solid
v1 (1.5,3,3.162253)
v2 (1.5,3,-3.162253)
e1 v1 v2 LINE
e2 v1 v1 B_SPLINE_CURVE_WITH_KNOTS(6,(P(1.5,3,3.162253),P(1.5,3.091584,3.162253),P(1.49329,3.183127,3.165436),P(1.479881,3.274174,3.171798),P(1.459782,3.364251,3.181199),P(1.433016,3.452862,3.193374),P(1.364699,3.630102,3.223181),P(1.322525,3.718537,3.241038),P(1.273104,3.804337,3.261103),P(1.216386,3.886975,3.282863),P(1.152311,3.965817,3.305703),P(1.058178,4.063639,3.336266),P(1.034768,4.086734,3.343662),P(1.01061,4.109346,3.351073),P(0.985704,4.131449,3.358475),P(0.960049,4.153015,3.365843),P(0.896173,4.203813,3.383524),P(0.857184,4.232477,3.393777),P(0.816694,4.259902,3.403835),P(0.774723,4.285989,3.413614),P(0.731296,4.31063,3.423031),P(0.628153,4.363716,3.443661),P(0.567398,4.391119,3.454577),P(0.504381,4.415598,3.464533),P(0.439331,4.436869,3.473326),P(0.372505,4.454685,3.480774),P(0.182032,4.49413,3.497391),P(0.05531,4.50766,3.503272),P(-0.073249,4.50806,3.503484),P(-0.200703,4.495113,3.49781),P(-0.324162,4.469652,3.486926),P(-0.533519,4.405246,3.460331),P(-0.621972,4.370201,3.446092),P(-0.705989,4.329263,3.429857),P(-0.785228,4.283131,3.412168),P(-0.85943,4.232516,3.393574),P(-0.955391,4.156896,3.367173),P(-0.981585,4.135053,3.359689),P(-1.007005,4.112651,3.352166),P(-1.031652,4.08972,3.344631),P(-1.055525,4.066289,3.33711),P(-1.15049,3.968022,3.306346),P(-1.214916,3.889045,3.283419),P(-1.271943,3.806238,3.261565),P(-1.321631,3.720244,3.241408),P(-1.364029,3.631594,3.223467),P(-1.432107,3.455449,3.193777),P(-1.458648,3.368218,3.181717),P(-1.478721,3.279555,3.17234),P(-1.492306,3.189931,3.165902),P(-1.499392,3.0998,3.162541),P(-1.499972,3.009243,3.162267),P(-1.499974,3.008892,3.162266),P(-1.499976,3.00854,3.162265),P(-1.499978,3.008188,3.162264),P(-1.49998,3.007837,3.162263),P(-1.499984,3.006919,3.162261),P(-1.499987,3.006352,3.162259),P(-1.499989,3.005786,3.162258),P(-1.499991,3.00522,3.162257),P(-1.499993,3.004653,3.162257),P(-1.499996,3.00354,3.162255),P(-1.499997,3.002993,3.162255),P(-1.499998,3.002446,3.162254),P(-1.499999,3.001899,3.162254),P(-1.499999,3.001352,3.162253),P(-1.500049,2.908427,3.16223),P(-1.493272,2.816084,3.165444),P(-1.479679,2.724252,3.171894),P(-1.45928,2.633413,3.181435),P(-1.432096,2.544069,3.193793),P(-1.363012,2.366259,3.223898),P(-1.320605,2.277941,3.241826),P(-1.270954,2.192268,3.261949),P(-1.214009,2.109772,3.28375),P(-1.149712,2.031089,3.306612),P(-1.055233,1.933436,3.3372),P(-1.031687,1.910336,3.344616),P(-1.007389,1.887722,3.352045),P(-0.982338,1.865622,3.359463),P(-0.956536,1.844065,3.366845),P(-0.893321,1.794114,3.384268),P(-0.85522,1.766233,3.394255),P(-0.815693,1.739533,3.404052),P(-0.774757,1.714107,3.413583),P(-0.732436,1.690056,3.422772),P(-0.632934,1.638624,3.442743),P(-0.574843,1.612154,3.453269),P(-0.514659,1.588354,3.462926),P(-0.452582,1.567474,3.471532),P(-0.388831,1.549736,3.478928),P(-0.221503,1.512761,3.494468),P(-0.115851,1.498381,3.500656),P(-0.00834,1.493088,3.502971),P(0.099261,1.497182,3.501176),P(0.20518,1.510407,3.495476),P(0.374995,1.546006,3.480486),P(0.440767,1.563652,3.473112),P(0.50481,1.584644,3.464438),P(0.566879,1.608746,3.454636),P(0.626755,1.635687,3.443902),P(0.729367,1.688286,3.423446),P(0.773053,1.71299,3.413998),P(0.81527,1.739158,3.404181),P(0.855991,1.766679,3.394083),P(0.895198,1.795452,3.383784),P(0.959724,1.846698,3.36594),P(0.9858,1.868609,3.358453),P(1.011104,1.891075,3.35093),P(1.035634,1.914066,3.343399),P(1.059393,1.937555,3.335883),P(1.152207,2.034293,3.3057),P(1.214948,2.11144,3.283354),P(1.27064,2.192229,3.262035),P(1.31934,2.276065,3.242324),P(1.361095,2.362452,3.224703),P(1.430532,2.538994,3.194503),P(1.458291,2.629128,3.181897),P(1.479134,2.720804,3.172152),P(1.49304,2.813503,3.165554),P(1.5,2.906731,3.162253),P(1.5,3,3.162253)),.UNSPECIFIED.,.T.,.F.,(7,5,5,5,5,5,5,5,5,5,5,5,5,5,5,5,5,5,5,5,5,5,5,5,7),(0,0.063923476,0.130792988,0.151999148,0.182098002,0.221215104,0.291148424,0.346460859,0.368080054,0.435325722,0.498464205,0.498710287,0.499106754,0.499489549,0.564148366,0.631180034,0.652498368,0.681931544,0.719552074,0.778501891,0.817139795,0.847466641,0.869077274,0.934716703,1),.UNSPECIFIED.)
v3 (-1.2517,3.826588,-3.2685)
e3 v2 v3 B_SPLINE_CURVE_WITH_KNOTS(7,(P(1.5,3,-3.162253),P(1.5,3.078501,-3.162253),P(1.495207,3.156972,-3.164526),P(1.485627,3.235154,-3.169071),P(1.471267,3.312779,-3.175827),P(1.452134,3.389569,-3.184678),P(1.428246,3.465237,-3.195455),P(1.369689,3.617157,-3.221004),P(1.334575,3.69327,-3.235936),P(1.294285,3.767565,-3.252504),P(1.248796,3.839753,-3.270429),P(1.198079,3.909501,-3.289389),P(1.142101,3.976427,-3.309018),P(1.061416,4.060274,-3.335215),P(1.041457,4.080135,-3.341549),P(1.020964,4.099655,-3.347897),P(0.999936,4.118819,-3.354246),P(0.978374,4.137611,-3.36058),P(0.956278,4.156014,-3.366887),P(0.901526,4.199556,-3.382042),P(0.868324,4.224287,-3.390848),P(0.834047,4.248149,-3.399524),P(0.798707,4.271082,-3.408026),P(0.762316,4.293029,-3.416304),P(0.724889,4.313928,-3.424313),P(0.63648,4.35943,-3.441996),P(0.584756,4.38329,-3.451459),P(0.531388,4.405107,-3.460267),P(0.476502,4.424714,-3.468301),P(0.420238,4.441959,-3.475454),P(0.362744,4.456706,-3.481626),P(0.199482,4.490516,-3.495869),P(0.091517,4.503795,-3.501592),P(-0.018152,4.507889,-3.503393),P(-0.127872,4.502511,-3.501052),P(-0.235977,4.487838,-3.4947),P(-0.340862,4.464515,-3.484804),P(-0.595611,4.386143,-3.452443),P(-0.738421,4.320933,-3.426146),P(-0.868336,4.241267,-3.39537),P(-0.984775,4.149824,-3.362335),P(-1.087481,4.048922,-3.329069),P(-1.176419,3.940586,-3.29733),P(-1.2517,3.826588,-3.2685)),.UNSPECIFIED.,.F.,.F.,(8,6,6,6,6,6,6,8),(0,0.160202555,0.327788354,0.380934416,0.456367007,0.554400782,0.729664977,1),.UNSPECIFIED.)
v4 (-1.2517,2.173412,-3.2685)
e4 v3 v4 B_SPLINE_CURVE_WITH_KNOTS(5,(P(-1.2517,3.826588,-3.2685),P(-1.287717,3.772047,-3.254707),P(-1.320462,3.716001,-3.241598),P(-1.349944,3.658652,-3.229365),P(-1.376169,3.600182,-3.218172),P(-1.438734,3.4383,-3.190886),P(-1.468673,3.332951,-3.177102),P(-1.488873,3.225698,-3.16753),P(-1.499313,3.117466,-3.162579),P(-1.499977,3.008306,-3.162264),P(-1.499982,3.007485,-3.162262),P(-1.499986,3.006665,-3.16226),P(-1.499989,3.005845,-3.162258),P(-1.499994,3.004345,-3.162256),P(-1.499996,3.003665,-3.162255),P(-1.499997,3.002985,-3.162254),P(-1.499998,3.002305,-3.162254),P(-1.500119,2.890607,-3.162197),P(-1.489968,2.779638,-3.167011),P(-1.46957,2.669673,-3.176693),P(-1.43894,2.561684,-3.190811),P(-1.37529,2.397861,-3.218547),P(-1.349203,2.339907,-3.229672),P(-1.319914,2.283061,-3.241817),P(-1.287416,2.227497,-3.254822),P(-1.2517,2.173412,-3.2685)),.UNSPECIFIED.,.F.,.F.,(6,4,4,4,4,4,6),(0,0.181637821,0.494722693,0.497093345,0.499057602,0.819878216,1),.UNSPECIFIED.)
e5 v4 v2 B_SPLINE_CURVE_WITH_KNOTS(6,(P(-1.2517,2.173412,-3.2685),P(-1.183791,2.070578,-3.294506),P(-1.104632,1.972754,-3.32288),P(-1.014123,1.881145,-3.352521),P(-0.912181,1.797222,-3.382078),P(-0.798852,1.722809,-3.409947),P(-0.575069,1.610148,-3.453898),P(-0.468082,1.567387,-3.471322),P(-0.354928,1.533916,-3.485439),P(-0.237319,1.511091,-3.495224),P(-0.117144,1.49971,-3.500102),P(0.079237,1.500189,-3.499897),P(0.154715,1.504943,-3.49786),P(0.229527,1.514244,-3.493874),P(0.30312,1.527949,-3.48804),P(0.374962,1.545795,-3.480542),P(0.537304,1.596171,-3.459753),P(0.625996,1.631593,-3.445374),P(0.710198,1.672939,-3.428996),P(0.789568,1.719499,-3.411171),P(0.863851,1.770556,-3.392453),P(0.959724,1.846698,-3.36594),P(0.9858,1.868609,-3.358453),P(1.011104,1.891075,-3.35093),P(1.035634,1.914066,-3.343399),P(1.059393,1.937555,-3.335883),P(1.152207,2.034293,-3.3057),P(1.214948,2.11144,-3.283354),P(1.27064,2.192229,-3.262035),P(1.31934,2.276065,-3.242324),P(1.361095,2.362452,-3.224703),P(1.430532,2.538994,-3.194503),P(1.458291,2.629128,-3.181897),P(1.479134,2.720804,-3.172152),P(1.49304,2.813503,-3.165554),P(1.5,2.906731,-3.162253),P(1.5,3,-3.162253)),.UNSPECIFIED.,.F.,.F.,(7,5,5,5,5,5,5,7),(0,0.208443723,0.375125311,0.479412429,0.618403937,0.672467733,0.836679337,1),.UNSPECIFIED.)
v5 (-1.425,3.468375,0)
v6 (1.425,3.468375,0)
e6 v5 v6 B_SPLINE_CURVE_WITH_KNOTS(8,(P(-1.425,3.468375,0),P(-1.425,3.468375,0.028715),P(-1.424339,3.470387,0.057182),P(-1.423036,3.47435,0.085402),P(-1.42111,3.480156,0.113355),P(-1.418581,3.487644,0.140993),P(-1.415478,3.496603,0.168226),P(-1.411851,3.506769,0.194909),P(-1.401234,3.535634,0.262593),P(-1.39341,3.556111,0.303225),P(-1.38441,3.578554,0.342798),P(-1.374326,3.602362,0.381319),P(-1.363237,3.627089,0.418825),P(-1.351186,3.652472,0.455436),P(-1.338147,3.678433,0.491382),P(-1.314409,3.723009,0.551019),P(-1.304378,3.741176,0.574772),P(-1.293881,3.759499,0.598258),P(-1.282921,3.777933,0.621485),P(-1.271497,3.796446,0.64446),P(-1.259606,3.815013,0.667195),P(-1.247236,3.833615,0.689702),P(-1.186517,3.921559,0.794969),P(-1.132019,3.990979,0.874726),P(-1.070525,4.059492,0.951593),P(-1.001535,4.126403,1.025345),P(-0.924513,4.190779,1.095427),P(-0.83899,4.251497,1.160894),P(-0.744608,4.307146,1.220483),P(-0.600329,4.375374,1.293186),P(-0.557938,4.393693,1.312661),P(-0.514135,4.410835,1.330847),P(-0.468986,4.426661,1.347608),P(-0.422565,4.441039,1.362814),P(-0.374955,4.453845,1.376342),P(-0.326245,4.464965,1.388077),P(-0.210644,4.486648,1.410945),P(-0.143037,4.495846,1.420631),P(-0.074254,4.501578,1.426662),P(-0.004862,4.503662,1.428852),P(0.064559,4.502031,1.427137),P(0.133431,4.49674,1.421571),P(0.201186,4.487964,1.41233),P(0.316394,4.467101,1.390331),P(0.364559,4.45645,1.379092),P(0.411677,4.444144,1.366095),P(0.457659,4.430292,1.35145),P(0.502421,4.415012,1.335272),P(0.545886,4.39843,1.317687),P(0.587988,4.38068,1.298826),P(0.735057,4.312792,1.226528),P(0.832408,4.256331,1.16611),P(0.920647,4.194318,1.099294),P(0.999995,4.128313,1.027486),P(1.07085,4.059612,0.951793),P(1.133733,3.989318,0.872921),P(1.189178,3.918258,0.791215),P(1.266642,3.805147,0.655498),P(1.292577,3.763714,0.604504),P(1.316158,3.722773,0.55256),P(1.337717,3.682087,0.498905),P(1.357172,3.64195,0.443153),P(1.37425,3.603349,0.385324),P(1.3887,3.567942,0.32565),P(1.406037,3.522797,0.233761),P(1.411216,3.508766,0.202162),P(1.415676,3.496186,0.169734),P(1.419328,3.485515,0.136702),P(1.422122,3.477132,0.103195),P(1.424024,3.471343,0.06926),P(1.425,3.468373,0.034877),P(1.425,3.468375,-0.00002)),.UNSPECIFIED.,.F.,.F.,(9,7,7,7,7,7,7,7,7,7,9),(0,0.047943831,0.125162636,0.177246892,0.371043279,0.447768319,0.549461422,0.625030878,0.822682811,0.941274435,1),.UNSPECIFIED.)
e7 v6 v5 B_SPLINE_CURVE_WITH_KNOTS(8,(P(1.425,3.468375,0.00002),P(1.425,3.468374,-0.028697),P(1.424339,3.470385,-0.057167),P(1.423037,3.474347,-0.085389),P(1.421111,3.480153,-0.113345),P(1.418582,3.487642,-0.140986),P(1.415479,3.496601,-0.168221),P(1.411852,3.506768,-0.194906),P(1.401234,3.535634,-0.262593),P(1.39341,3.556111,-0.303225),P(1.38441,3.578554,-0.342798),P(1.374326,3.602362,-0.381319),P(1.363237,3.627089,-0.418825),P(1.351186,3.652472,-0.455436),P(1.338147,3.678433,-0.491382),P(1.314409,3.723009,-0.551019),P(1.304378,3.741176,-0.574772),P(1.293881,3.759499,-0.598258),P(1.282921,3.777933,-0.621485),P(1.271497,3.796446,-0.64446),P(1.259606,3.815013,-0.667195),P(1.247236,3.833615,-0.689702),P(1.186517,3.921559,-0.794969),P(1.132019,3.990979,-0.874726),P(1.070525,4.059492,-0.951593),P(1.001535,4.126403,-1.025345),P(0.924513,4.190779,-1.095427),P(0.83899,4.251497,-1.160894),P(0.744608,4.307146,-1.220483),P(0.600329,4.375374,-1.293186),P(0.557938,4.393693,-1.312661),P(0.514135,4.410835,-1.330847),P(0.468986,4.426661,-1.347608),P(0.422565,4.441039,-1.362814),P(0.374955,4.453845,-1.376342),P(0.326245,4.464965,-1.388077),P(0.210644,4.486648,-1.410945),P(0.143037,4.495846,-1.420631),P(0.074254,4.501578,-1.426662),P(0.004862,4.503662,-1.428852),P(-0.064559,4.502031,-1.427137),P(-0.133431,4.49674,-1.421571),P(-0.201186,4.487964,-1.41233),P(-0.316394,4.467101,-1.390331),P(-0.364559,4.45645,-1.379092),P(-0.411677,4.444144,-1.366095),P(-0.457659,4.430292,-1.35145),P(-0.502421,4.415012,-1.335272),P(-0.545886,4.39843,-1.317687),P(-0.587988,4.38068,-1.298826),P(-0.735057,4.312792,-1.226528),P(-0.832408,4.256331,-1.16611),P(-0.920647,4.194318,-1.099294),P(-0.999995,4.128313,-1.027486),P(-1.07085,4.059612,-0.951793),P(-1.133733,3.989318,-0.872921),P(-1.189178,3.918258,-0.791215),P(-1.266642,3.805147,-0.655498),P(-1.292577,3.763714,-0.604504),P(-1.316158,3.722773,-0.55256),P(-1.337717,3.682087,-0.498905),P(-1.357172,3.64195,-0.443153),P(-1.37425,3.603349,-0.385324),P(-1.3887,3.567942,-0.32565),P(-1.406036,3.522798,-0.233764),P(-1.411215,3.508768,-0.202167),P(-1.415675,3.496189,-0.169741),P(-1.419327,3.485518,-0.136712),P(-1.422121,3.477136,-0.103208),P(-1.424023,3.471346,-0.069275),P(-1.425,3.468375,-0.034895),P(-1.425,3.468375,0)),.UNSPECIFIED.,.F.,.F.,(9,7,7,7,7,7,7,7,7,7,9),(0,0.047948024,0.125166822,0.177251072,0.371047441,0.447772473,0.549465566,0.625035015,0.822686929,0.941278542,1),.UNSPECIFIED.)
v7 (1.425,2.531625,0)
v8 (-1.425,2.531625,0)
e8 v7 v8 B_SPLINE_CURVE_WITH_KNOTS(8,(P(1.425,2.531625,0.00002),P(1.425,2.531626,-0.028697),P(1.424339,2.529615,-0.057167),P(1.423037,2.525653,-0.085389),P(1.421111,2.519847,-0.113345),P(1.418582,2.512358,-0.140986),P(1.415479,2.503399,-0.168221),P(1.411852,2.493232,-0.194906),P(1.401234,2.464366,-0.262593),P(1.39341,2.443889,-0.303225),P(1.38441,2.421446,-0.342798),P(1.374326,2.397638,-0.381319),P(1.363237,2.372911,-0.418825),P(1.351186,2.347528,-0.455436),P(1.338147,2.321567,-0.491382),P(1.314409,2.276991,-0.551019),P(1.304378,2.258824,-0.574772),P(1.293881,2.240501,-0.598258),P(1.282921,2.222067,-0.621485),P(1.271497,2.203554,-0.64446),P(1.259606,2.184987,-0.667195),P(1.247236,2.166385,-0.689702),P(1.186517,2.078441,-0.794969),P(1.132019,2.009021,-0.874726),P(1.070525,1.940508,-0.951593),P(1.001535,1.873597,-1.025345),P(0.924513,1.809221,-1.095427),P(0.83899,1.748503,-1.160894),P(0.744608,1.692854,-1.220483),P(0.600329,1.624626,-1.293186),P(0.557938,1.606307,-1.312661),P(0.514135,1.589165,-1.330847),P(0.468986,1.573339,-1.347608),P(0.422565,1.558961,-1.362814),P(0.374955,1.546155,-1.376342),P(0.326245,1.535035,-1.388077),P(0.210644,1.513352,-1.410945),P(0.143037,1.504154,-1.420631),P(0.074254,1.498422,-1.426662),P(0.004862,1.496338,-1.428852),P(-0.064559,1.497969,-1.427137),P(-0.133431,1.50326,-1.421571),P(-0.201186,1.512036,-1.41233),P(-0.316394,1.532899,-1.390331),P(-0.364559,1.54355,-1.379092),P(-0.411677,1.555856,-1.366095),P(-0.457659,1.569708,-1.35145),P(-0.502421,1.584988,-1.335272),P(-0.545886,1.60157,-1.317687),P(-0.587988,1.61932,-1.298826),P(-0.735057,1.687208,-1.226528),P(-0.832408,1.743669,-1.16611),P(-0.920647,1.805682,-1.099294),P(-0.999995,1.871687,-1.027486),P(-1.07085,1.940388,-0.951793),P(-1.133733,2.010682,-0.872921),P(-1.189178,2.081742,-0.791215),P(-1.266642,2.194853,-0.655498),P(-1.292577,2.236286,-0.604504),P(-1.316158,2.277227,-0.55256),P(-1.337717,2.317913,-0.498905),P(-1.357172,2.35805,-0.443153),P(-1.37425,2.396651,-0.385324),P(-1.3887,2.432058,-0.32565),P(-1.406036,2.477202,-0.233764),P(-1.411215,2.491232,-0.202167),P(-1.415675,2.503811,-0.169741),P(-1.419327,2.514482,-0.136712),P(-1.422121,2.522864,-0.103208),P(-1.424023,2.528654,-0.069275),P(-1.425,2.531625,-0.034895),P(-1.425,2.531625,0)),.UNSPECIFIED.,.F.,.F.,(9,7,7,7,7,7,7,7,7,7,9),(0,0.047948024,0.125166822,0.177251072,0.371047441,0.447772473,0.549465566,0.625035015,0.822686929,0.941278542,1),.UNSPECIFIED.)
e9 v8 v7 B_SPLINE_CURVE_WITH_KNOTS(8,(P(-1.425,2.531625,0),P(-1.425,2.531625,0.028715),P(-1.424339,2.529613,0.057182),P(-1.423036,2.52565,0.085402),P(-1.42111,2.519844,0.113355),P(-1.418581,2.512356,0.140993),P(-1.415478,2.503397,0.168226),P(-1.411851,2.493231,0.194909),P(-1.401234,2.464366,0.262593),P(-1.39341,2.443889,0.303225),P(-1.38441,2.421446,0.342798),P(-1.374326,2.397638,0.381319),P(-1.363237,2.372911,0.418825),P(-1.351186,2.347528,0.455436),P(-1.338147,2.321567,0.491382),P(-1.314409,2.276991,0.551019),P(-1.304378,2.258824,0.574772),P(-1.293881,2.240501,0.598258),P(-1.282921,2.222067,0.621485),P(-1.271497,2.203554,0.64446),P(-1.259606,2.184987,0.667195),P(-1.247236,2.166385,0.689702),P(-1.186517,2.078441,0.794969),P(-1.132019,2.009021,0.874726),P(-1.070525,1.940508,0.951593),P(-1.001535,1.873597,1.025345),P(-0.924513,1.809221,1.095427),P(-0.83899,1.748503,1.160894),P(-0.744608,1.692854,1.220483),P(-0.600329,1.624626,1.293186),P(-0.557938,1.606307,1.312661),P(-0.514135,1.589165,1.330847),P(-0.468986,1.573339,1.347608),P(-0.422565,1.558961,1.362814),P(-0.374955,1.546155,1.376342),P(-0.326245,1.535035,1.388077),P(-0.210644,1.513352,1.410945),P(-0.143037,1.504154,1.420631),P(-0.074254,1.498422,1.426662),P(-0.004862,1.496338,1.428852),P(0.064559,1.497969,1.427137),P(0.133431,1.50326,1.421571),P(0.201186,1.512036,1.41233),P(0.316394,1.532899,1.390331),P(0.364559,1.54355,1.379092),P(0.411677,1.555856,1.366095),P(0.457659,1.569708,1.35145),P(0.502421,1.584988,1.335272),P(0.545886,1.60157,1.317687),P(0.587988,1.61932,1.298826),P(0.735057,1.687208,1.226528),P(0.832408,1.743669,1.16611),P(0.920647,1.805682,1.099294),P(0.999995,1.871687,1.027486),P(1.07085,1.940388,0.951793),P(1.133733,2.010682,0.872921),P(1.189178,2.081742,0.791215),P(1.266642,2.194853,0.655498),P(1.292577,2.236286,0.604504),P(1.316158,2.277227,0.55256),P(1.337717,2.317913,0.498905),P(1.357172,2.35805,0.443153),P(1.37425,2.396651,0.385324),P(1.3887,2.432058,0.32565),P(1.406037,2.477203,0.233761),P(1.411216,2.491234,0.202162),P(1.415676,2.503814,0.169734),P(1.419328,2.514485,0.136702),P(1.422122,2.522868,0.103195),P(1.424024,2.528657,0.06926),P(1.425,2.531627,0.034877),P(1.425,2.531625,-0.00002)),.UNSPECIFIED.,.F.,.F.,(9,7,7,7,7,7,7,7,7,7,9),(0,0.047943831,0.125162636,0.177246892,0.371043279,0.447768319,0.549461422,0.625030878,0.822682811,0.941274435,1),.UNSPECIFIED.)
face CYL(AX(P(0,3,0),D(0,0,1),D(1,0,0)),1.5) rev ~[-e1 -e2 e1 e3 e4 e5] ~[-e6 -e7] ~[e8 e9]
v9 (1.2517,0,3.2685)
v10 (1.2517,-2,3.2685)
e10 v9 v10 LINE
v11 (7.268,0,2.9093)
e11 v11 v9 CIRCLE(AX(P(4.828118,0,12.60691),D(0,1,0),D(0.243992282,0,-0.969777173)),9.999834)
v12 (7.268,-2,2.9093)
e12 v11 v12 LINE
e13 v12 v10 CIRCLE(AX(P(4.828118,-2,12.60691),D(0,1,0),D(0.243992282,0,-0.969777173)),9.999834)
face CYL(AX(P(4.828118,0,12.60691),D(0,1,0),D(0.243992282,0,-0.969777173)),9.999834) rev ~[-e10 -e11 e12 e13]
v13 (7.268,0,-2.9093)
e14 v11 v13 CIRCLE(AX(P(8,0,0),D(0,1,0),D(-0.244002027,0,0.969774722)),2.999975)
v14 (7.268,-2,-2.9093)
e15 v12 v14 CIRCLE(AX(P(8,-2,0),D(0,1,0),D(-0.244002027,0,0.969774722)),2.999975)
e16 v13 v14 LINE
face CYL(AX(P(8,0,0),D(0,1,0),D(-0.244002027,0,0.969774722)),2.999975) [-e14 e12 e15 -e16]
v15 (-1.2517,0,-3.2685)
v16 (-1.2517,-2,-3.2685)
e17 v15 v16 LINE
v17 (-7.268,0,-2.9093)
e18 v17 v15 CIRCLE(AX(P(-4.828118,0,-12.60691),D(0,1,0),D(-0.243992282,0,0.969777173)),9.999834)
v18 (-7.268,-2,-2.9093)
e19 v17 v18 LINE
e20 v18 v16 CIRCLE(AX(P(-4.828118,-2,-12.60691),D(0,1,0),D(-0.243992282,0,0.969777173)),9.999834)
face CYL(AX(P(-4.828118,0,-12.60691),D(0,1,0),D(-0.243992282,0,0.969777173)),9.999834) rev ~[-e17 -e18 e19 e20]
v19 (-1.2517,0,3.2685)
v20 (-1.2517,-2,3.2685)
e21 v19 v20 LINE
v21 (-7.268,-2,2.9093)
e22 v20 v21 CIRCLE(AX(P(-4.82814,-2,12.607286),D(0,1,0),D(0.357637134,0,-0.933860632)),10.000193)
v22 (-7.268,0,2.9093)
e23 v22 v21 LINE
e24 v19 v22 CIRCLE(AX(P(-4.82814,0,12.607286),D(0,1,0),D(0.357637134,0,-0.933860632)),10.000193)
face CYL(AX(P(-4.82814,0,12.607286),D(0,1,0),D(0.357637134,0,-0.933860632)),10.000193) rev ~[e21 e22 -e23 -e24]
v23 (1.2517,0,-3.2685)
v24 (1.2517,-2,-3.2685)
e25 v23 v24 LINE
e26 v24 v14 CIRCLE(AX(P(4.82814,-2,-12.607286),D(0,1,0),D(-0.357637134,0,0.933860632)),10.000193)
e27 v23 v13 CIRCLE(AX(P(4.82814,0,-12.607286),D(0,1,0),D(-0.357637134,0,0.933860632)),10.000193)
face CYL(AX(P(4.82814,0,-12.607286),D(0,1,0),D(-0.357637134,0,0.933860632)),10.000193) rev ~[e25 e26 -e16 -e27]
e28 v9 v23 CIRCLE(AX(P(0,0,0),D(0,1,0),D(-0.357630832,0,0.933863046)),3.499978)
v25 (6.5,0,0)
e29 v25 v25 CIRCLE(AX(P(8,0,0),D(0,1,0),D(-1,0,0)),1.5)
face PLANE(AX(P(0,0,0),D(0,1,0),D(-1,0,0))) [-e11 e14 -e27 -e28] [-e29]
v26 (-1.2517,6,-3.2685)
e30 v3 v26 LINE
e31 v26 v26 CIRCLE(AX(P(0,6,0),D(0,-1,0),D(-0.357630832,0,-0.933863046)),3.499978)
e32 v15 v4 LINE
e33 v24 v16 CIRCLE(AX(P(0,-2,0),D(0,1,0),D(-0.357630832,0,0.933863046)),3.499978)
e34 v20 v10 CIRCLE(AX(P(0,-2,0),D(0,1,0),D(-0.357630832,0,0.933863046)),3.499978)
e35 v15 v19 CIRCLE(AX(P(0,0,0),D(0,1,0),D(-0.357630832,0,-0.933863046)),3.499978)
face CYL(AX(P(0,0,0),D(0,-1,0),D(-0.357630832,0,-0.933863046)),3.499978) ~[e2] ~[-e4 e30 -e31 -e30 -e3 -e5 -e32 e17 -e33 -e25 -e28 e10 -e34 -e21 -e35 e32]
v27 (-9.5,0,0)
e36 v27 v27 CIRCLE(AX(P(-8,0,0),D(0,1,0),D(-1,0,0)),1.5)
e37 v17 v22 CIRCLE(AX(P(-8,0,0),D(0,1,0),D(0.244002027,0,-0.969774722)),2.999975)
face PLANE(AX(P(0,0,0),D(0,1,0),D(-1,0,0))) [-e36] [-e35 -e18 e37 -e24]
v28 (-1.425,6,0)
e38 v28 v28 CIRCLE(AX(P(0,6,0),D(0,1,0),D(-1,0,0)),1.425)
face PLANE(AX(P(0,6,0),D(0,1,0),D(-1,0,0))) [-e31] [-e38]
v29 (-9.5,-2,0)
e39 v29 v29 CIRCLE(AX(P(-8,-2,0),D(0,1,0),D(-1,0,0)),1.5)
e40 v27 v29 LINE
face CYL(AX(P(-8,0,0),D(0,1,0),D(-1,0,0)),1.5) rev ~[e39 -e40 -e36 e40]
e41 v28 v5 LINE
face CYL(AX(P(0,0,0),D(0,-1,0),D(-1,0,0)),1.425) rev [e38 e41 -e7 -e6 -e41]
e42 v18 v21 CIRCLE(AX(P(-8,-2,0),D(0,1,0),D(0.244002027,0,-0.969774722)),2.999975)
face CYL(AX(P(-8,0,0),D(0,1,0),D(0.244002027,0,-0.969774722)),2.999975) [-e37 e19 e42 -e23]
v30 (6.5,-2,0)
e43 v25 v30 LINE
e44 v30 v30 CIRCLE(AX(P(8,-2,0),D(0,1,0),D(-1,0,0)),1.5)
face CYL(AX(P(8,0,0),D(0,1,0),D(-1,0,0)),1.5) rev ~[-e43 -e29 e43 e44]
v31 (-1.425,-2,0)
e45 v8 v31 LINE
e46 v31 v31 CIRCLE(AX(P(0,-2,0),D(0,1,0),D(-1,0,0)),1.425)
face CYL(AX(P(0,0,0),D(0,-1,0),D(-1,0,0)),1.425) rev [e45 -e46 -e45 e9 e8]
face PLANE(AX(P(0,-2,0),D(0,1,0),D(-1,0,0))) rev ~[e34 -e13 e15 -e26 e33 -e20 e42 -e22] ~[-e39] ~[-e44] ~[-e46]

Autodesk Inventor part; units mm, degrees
ref_plane "YZ Plane" through (0, 0, 0) normal (1, 0, 0) x (0, 1, 0)
ref_plane "XZ Plane" through (0, 0, 0) normal (0, 1, 0) x (-1, 0, 0)
sketch "Sketch1" plane through (0, 0, 0) normal (0, 1, 0) x (-1, 0, 0)
  circle A0 centre (0, 0) radius 1.425
  arc A1 (1.2517, 3.2685) -> (1.2517, -3.2685) centre (0, 0) ccw
  circle A2 centre (8, 0) radius 1.5
  circle A3 centre (-8, 0) radius 1.5
  arc A4 (-7.268, 2.9093) -> (-7.268, -2.9093) centre (-8, 0) ccw
  arc A5 (-1.2517, -3.2685) -> (-7.268, -2.9093) centre (-4.8281, -12.6071) ccw
  arc A6 (-7.268, 2.9093) -> (-1.2517, 3.2685) centre (-4.8281, 12.6071) ccw
  line L0 (0, 0) -> (0, -3.5) construction
  arc A7 (7.268, -2.9093) -> (7.268, 2.9093) centre (8, 0) ccw
  arc A8 (7.268, -2.9093) -> (1.2517, -3.2685) centre (4.8281, -12.6071) ccw
  arc A9 (1.2517, 3.2685) -> (7.268, 2.9093) centre (4.8281, 12.6071) ccw
  arc A10 (1.2517, -3.2685) -> (1.2517, 3.2685) centre (0, 0) ccw
  dimension "d0" = 2.85
  dimension "d1" = 7
  dimension "d2" = 3
  dimension "d3" = 3
  dimension "d4" = 8
  dimension "d5" = 8
  dimension "d6" = 3
  dimension "d14" = 10
extrude "Extrusion1" add sketch "Sketch1" against normal blind 2
extrude "Extrusion2" add sketch "Sketch1" along normal blind 6 contours A10 A1
sketch "Sketch2" plane through (0, 0, 0) normal (0, 0, 1) x (1, 0, 0)
  circle A0 centre (0, 3) radius 1.5
  line L0 (3.5, 6) -> (3.5, 0) projected
  point P0 (0, 0)
  point P1 (3.5, 3)
  dimension "d11" = 3
extrude "Extrusion3" cut sketch "Sketch2" along normal through all both and the other way through all
ref_plane "Work Plane1" through (0, 0, 3.5) normal (0, 0, 1) x (1, 0, 0)
properties part number "EncoderWheelAdapter" material "ABS Plastic"
